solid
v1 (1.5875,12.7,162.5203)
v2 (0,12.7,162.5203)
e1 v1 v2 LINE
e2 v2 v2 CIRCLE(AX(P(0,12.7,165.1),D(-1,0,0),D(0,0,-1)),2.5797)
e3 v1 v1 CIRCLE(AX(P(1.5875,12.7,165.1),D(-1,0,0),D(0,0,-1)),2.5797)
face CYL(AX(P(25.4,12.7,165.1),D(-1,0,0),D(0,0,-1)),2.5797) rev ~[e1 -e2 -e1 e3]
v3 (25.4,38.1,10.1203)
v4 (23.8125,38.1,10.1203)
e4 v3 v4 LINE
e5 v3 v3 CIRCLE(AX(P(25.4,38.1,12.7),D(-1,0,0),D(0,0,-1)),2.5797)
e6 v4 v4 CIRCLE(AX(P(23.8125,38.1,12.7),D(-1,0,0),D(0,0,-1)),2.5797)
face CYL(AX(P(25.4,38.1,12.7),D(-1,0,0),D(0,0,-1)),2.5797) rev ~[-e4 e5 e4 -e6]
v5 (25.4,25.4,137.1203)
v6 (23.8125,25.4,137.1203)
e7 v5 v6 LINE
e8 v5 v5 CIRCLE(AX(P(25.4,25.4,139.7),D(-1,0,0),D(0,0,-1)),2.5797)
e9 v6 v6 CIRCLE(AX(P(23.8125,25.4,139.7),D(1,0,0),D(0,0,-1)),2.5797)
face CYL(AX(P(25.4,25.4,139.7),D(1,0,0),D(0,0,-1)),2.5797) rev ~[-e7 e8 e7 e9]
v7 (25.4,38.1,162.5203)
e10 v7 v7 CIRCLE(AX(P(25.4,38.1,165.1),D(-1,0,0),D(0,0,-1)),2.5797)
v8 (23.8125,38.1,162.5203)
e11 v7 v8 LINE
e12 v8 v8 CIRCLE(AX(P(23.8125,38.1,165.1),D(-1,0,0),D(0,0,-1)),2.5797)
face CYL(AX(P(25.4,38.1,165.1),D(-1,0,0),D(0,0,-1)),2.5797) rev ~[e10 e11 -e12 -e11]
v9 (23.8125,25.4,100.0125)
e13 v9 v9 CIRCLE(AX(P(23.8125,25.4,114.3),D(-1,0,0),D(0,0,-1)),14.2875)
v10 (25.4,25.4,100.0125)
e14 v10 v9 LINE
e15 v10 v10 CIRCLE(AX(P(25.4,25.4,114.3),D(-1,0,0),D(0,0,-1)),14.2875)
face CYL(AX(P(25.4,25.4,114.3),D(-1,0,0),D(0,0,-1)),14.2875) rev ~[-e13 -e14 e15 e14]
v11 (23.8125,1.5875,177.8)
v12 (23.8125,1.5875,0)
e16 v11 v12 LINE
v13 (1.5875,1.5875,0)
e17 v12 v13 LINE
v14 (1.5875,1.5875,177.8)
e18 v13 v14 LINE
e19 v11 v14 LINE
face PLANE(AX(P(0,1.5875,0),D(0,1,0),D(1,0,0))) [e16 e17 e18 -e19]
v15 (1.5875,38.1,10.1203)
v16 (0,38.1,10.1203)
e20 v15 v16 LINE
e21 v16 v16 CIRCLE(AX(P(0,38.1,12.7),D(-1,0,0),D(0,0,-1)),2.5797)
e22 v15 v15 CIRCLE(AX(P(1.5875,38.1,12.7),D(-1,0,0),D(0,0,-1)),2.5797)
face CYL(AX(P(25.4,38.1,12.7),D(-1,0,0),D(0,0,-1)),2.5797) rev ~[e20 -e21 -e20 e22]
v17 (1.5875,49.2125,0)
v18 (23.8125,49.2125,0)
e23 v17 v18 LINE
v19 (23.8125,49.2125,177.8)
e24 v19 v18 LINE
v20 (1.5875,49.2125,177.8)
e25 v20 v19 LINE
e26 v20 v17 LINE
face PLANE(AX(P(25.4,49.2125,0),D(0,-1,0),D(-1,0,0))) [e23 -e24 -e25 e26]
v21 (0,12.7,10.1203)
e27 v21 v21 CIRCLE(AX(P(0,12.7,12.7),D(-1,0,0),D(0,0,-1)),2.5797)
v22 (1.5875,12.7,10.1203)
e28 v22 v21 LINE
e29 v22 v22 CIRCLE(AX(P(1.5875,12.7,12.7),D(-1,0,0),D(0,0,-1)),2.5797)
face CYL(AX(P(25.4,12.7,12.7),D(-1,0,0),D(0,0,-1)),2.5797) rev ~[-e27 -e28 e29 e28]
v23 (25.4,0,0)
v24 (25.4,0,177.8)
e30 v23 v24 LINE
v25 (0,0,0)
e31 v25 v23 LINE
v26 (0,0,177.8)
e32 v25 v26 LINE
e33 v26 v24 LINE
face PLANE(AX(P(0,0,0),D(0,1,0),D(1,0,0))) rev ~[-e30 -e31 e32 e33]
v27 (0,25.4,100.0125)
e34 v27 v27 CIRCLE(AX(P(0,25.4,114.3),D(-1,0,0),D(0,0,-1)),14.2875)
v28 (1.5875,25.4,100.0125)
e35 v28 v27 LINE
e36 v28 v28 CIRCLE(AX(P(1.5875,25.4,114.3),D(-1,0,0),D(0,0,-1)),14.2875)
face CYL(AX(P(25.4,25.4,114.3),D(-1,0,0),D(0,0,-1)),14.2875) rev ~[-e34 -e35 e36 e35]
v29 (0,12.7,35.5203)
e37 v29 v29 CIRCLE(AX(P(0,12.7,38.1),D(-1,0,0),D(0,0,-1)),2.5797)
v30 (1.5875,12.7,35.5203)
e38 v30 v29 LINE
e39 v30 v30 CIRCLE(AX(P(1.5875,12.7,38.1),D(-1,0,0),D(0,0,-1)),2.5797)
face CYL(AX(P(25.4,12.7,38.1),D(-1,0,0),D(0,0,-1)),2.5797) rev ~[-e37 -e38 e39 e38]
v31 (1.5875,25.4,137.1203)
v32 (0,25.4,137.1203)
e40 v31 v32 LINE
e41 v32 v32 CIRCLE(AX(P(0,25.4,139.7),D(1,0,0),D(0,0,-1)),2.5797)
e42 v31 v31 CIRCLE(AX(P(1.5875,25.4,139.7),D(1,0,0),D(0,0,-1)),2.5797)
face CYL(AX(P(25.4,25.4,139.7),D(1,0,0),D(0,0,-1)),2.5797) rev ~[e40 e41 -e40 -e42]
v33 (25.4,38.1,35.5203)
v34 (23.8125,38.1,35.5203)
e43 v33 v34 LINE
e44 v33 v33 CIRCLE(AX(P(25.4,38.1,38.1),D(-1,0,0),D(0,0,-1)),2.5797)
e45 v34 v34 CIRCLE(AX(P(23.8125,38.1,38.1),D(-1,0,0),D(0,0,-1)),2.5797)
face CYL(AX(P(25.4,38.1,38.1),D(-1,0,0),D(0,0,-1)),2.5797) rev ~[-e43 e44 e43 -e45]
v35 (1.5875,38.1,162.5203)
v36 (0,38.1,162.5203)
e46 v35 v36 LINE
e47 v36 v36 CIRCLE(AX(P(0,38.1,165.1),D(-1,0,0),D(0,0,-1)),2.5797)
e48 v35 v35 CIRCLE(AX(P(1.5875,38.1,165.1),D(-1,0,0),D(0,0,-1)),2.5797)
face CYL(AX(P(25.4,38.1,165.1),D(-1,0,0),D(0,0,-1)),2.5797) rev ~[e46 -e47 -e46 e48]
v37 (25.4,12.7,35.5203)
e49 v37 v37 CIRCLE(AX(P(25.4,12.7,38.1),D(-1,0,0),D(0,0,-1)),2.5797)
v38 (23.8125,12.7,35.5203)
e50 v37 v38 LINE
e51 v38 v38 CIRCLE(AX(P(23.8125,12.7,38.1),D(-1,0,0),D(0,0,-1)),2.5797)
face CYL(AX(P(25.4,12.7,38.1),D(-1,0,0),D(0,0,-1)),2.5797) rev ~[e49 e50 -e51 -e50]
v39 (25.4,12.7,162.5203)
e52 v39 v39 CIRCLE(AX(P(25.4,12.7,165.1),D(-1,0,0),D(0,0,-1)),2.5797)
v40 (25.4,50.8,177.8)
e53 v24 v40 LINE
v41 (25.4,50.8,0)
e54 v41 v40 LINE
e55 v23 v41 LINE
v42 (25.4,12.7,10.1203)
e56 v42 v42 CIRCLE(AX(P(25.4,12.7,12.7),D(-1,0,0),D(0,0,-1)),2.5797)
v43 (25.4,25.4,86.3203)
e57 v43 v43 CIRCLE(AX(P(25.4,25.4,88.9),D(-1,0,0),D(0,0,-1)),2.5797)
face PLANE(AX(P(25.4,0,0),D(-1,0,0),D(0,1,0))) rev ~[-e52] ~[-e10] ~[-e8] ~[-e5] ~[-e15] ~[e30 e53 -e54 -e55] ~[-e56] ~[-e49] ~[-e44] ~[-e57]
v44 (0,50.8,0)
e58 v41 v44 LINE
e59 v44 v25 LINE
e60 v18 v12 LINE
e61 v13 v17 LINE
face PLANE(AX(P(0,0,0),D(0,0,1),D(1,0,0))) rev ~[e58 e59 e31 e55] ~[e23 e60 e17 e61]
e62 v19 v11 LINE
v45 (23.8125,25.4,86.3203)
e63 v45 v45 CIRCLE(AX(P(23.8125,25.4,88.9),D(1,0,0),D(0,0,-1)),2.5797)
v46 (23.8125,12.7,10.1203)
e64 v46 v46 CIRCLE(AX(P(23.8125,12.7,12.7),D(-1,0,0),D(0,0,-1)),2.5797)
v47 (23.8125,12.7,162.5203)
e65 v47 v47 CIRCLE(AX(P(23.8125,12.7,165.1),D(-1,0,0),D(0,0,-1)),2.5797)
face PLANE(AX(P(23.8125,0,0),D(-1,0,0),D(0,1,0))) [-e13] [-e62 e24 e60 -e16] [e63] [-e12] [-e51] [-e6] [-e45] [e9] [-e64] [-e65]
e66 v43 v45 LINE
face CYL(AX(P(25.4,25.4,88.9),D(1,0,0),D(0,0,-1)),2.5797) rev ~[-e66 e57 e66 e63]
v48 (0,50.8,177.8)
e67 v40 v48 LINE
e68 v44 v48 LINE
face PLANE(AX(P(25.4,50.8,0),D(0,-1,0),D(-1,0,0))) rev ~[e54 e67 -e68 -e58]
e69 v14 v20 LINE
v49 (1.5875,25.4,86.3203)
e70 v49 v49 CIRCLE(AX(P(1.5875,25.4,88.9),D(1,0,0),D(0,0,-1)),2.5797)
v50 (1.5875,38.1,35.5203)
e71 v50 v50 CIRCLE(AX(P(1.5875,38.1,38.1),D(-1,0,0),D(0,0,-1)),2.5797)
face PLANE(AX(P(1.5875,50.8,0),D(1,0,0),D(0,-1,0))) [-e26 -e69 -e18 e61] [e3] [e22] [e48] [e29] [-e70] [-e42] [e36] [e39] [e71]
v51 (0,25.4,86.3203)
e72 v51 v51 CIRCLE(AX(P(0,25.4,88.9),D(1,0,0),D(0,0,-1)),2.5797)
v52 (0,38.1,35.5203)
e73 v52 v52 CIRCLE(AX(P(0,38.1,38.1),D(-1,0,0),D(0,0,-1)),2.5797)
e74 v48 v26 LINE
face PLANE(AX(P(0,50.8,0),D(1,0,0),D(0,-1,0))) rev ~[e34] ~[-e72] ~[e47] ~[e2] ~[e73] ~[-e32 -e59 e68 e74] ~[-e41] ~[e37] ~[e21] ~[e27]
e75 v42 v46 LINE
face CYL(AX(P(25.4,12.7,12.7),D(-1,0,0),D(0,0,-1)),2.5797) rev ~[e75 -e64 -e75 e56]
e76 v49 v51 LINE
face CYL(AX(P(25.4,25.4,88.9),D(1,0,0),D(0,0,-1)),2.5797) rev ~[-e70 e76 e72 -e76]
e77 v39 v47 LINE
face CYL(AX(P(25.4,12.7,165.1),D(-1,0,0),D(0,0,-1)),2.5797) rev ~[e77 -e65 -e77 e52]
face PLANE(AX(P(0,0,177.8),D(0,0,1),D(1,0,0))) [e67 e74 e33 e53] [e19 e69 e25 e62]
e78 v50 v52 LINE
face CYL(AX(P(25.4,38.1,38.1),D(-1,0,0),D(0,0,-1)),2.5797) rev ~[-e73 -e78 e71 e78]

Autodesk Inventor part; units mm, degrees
ref_plane "YZ Plane" through (0, 0, 0) normal (1, 0, 0) x (0, 1, 0)
ref_plane "XZ Plane" through (0, 0, 0) normal (0, 1, 0) x (-1, 0, 0)
ref_plane "XY Plane" through (0, 0, 0) normal (0, 0, 1) x (1, 0, 0)
sketch "Sketch1" plane through (0, 0, 0) normal (0, 0, 1) x (1, 0, 0)
  line L0 (0, 0) -> (25.4, 0)
  line L1 (25.4, 0) -> (25.4, 50.8)
  line L2 (25.4, 50.8) -> (0, 50.8)
  line L3 (0, 50.8) -> (0, 0)
  dimension "d0" = 25.4
  dimension "d1" = 50.8
extrude "Extrusion1" add sketch "Sketch1" along normal blind 177.8
shell "Shell1" thickness 1.5875 removed faces 2 at (8.4667, 16.9333, 0) at (8.4667, 16.9333, 177.8)
hole "Hole1" at (25.4, 25.4, 114.3) direction (-1, 0, 0) diameter 28.575 end through all
sketch "Sketch2" plane through (25.4, 0, 0) normal (1, 0, 0) x (0, 0, -1)
  line L0 (-177.8, 1.5875) -> (-177.8, 49.2125) projected
  line L1 (-177.8, 25.4) -> (-114.3, 25.4)
  line L2 (-177.8, 25.4) -> (-114.3, 25.4) construction
  line L3 (-114.3, 25.4) -> (-88.9, 25.4)
  line L4 (-114.3, 25.4) -> (-139.7, 25.4)
  circle A0 centre (-139.7, 25.4) radius 2.5797
  circle A1 centre (-88.9, 25.4) radius 2.5797
  point P0 (0, 0)
  dimension "d14" = 63.5
  dimension "d16" = 25.4
  dimension "d17" = 25.4
  dimension "d18" = 5.1594
  dimension "d19" = 5.1594
extrude "Extrusion2" cut sketch "Sketch2" against normal blind 177.8
hole "Hole2" at (25.4, 38.1, 165.1) direction (-1, 0, 0) diameter 5.1594 end through all
hole "Hole3" at (25.4, 12.7, 165.1) direction (-1, 0, 0) diameter 5.1594 end through all
hole "Hole4" at (25.4, 38.1, 12.7) direction (-1, 0, 0) diameter 5.1594 end through all
hole "Hole5" at (25.4, 38.1, 38.1) direction (-1, 0, 0) diameter 5.1594 end through all
hole "Hole6" at (25.4, 12.7, 38.1) direction (-1, 0, 0) diameter 5.1594 end through all
hole "Hole7" at (25.4, 12.7, 12.7) direction (-1, 0, 0) diameter 5.1594 end through all
properties part number "1x2 7 in Beam Motor Mount"
